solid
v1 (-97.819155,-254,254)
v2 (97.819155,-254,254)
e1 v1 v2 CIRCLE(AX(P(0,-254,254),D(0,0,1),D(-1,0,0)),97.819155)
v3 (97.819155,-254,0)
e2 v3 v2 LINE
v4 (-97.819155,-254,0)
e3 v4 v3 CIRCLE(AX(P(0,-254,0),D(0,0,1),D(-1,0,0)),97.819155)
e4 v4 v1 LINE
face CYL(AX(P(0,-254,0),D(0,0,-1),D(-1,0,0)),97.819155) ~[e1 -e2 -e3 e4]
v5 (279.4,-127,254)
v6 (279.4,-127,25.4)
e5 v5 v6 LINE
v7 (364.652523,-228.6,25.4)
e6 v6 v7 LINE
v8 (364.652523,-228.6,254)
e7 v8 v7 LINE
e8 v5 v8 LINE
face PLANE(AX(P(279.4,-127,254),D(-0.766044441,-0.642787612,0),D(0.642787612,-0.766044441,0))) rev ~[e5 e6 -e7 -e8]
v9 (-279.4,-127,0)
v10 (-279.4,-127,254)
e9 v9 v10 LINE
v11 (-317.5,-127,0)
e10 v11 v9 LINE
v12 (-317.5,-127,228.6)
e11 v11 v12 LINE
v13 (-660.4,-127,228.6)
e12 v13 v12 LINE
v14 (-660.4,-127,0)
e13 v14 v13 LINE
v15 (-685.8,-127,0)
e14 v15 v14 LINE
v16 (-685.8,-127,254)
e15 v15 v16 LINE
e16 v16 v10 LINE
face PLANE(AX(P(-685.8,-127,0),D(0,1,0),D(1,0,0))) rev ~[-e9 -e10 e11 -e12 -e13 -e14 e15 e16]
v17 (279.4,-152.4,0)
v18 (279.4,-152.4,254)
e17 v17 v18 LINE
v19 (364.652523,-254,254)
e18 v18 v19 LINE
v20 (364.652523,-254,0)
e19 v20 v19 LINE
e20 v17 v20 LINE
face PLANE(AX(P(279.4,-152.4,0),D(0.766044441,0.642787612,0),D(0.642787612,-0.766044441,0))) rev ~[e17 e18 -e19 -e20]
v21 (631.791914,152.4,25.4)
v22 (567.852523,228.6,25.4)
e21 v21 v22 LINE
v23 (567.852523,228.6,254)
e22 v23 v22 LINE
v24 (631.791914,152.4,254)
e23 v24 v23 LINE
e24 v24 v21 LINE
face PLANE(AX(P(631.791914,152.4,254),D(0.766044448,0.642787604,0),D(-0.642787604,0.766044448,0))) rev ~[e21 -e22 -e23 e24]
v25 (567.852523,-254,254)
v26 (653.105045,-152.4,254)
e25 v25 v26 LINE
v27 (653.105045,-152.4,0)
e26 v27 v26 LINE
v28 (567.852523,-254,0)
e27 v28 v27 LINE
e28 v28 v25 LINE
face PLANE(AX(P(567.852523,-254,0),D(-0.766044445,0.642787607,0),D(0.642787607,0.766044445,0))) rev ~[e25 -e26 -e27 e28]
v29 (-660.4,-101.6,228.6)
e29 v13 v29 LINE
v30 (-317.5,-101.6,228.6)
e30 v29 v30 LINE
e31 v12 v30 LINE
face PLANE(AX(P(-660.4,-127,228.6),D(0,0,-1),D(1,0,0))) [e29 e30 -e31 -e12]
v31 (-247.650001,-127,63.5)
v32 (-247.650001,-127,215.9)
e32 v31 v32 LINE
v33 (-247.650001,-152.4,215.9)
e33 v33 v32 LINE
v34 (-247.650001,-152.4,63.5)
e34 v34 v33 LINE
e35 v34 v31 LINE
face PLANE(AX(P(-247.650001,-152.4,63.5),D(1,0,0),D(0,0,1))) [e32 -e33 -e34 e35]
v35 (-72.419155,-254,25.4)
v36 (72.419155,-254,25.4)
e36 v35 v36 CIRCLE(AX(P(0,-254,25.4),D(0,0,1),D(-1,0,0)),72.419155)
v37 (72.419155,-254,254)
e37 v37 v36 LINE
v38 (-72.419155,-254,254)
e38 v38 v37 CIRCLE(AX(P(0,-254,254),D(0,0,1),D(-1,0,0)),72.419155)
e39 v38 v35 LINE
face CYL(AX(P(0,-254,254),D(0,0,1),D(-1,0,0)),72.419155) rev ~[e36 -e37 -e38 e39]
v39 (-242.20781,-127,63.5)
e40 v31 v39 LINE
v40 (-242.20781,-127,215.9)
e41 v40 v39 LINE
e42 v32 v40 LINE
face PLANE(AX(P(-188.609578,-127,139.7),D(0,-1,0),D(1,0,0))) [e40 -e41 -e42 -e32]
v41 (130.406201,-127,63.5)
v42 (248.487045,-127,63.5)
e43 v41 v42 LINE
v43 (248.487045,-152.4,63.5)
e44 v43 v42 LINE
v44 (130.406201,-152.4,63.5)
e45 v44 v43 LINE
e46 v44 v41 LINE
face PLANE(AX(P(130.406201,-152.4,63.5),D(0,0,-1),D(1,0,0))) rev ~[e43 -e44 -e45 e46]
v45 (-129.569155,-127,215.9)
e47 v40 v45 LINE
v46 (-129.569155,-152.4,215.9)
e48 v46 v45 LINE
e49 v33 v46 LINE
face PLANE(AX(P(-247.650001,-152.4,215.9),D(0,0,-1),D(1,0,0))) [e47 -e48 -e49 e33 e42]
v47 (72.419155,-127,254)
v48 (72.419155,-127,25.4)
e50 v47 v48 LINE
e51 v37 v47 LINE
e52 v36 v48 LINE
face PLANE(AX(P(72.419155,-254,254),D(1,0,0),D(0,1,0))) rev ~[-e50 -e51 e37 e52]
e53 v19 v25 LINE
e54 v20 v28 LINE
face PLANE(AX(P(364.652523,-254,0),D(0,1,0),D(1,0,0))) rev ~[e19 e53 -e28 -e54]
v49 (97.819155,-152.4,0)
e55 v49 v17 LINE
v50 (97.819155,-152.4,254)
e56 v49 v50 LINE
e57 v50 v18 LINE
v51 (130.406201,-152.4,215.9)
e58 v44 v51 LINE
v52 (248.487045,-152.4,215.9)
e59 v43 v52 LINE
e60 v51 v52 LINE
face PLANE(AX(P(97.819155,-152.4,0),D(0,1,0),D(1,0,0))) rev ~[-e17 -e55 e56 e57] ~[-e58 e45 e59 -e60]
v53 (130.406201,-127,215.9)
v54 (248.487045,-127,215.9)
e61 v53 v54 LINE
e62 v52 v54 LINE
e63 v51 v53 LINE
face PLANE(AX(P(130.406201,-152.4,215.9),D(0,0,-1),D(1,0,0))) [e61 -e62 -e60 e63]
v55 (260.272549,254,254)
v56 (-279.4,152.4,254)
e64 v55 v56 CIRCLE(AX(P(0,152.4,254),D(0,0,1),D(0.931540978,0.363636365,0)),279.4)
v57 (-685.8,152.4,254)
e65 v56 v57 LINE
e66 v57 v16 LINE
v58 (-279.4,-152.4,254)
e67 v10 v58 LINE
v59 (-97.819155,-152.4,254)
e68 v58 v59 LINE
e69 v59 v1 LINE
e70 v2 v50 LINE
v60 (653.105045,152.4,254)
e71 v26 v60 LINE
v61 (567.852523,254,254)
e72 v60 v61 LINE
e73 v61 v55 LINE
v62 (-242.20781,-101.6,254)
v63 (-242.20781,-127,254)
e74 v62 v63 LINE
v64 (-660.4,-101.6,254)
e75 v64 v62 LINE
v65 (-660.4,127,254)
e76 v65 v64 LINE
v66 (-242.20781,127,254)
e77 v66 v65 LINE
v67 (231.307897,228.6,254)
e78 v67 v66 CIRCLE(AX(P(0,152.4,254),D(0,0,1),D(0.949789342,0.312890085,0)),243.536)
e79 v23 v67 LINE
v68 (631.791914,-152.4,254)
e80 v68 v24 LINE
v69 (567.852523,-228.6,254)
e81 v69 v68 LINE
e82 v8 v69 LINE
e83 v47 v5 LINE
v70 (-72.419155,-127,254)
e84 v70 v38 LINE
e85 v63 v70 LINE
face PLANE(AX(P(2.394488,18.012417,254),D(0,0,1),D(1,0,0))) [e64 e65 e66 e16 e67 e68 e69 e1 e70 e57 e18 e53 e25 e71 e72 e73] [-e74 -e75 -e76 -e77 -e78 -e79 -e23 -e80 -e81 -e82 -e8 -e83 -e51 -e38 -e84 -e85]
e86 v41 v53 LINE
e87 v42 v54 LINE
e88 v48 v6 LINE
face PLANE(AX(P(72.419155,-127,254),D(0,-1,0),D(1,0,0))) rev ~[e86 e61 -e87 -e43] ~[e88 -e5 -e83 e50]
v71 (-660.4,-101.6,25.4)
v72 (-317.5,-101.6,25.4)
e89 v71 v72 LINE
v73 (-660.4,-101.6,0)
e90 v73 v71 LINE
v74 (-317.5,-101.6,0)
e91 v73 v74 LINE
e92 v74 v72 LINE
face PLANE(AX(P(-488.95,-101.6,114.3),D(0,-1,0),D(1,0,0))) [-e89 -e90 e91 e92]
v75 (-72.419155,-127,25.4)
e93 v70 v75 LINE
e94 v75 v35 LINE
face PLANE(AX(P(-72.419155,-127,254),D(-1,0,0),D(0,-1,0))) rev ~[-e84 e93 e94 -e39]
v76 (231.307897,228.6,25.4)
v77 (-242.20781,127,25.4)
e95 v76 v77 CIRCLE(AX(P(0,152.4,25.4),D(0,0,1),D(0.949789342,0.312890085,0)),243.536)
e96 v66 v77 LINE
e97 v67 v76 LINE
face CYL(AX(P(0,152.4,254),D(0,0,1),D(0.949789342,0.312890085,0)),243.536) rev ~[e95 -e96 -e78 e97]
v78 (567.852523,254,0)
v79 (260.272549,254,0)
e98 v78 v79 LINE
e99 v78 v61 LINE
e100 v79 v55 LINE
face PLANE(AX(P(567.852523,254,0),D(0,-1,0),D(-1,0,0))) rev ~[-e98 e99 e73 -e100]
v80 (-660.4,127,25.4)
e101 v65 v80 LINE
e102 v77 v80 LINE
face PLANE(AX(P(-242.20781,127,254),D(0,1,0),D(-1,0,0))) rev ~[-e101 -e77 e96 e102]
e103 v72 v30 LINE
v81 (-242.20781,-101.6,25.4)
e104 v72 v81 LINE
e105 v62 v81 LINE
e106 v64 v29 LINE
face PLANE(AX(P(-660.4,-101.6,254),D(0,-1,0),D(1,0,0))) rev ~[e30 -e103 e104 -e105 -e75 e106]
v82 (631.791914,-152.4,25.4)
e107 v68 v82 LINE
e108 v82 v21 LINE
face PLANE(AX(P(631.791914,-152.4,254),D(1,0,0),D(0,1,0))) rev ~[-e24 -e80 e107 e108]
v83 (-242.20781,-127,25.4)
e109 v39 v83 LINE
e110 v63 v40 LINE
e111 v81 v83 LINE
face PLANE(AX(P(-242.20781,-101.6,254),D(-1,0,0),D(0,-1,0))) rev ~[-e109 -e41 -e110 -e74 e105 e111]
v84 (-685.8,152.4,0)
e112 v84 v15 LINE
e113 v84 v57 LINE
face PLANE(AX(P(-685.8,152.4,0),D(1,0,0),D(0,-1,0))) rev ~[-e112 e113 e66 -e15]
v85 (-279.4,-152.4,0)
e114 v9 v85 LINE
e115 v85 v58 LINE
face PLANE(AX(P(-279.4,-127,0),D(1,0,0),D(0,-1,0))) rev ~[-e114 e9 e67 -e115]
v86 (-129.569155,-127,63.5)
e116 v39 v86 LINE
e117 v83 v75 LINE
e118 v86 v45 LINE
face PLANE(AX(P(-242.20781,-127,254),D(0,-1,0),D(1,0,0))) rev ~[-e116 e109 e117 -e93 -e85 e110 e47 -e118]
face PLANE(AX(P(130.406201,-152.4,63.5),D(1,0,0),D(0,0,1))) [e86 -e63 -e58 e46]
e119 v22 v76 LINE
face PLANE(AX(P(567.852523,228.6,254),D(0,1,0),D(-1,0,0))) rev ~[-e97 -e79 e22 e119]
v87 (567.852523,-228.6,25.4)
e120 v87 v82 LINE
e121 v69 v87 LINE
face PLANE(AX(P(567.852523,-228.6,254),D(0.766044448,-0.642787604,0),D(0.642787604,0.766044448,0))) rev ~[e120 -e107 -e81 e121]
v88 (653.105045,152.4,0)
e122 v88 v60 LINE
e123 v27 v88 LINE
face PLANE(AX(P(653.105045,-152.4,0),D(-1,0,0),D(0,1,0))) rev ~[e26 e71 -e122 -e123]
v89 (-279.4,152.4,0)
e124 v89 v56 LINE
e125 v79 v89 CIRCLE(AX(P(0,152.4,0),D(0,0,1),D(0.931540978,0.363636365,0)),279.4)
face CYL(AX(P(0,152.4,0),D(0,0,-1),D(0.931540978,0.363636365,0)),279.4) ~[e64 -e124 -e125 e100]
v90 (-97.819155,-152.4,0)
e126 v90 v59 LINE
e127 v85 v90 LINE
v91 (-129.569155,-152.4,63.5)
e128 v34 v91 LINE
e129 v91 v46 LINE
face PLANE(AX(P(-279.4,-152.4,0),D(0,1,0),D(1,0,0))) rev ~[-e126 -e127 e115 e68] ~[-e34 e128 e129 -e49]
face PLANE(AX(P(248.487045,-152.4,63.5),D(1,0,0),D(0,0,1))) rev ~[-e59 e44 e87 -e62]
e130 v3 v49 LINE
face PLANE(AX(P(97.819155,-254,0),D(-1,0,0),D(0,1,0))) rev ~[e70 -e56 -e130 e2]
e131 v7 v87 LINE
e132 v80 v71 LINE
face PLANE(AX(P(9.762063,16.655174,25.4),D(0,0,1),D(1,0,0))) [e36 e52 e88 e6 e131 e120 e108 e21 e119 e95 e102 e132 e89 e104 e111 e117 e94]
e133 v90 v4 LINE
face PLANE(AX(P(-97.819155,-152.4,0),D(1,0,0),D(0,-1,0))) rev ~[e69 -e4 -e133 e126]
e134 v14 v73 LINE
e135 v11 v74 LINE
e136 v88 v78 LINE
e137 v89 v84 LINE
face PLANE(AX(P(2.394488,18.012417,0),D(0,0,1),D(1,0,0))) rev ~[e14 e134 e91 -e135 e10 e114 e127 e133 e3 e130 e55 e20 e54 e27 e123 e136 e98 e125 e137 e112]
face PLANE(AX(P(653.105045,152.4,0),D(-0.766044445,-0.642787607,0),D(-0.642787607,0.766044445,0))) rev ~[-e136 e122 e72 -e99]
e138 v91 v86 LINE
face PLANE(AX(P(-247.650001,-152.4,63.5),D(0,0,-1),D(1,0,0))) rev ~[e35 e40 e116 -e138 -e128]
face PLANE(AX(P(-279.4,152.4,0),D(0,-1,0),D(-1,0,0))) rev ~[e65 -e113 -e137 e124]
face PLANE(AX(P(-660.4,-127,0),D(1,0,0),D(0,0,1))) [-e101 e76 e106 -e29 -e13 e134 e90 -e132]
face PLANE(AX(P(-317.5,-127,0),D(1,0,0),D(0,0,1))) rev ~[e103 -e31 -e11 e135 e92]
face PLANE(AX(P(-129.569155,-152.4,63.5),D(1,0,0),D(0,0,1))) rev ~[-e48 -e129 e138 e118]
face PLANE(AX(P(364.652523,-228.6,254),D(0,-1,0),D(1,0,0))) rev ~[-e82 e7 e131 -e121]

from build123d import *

# Parameters (mm, degrees)
F1_DEPTH = 254
F3_DEPTH = 228.6
F5_W     = 118.080845
F5_H     = 152.4
F4_W     = 342.9
F4_H     = 228.6
F6_DEPTH = 25.4


with BuildPart() as f1:
    # F0 (on Top) → F1 (new body)
    with BuildSketch(Plane.XY):
        with BuildLine():
            Line((97.819155, -152.4), (279.4, -152.4))
            Line((279.4, -152.4), (364.652523, -254))
            Line((364.652523, -254), (567.852523, -254))
            Line((567.852523, -254), (653.105045, -152.4))
            Line((653.105045, -152.4), (653.105045, 152.4))
            Line((653.105045, 152.4), (567.852523, 254))
            Line((567.852523, 254), (260.272549, 254))
            ThreePointArc((260.272549, 254), (-51.692406, 426.976501), (-279.4, 152.4))
            Line((-279.4, 152.4), (-685.8, 152.4))
            Line((-685.8, 152.4), (-685.8, -127))
            Line((-685.8, -127), (-279.4, -127))
            Line((-279.4, -127), (-279.4, -152.4))
            Line((-279.4, -152.4), (-97.819155, -152.4))
            Line((-97.819155, -152.4), (-97.819155, -254))
            ThreePointArc((-97.819155, -254), (0, -351.819155), (97.819155, -254))
            Line((97.819155, -254), (97.819155, -152.4))
        make_face()
    extrude(amount=F1_DEPTH)

    # F2 (on face) → F3 (cut)
    with BuildSketch(Plane.XY.offset(254)):
        with BuildLine():
            Line((72.419155, -127), (242.20781, -127))
            Line((242.20781, -127), (279.4, -127))
            Line((279.4, -127), (364.652523, -228.6))
            Line((364.652523, -228.6), (567.852523, -228.6))
            Line((567.852523, -228.6), (631.791914, -152.4))
            Line((631.791914, -152.4), (631.791914, 152.4))
            Line((631.791914, 152.4), (567.852523, 228.6))
            Line((567.852523, 228.6), (231.307897, 228.6))
            ThreePointArc((231.307897, 228.6), (-51.091506, 390.516445), (-242.20781, 127))
            Line((-242.20781, 127), (-660.4, 127))
            Line((-660.4, 127), (-660.4, -101.6))
            Line((-660.4, -101.6), (-242.20781, -101.6))
            Line((-242.20781, -101.6), (-242.20781, -127))
            Line((-242.20781, -127), (-72.419155, -127))
            Line((-72.419155, -127), (-72.419155, -254))
            ThreePointArc((-72.419155, -254), (0, -326.419155), (72.419155, -254))
            Line((72.419155, -254), (72.419155, -127))
        make_face()
    extrude(amount=-F3_DEPTH, mode=Mode.SUBTRACT)

    # F5 (on face) + F4 (on face) → F6 (cut)
    with BuildSketch(Plane.XZ.offset(152.4)):
        with Locations((-188.609578, 139.7)):
            Rectangle(F5_W, F5_H)
        with Locations((189.446623, 139.7)):
            Rectangle(F5_W, F5_H)
    with BuildSketch(Plane.XZ.offset(127)):
        with Locations((-488.95, 114.3)):
            Rectangle(F4_W, F4_H)
    extrude(amount=-F6_DEPTH, mode=Mode.SUBTRACT)


solid = f1.part
